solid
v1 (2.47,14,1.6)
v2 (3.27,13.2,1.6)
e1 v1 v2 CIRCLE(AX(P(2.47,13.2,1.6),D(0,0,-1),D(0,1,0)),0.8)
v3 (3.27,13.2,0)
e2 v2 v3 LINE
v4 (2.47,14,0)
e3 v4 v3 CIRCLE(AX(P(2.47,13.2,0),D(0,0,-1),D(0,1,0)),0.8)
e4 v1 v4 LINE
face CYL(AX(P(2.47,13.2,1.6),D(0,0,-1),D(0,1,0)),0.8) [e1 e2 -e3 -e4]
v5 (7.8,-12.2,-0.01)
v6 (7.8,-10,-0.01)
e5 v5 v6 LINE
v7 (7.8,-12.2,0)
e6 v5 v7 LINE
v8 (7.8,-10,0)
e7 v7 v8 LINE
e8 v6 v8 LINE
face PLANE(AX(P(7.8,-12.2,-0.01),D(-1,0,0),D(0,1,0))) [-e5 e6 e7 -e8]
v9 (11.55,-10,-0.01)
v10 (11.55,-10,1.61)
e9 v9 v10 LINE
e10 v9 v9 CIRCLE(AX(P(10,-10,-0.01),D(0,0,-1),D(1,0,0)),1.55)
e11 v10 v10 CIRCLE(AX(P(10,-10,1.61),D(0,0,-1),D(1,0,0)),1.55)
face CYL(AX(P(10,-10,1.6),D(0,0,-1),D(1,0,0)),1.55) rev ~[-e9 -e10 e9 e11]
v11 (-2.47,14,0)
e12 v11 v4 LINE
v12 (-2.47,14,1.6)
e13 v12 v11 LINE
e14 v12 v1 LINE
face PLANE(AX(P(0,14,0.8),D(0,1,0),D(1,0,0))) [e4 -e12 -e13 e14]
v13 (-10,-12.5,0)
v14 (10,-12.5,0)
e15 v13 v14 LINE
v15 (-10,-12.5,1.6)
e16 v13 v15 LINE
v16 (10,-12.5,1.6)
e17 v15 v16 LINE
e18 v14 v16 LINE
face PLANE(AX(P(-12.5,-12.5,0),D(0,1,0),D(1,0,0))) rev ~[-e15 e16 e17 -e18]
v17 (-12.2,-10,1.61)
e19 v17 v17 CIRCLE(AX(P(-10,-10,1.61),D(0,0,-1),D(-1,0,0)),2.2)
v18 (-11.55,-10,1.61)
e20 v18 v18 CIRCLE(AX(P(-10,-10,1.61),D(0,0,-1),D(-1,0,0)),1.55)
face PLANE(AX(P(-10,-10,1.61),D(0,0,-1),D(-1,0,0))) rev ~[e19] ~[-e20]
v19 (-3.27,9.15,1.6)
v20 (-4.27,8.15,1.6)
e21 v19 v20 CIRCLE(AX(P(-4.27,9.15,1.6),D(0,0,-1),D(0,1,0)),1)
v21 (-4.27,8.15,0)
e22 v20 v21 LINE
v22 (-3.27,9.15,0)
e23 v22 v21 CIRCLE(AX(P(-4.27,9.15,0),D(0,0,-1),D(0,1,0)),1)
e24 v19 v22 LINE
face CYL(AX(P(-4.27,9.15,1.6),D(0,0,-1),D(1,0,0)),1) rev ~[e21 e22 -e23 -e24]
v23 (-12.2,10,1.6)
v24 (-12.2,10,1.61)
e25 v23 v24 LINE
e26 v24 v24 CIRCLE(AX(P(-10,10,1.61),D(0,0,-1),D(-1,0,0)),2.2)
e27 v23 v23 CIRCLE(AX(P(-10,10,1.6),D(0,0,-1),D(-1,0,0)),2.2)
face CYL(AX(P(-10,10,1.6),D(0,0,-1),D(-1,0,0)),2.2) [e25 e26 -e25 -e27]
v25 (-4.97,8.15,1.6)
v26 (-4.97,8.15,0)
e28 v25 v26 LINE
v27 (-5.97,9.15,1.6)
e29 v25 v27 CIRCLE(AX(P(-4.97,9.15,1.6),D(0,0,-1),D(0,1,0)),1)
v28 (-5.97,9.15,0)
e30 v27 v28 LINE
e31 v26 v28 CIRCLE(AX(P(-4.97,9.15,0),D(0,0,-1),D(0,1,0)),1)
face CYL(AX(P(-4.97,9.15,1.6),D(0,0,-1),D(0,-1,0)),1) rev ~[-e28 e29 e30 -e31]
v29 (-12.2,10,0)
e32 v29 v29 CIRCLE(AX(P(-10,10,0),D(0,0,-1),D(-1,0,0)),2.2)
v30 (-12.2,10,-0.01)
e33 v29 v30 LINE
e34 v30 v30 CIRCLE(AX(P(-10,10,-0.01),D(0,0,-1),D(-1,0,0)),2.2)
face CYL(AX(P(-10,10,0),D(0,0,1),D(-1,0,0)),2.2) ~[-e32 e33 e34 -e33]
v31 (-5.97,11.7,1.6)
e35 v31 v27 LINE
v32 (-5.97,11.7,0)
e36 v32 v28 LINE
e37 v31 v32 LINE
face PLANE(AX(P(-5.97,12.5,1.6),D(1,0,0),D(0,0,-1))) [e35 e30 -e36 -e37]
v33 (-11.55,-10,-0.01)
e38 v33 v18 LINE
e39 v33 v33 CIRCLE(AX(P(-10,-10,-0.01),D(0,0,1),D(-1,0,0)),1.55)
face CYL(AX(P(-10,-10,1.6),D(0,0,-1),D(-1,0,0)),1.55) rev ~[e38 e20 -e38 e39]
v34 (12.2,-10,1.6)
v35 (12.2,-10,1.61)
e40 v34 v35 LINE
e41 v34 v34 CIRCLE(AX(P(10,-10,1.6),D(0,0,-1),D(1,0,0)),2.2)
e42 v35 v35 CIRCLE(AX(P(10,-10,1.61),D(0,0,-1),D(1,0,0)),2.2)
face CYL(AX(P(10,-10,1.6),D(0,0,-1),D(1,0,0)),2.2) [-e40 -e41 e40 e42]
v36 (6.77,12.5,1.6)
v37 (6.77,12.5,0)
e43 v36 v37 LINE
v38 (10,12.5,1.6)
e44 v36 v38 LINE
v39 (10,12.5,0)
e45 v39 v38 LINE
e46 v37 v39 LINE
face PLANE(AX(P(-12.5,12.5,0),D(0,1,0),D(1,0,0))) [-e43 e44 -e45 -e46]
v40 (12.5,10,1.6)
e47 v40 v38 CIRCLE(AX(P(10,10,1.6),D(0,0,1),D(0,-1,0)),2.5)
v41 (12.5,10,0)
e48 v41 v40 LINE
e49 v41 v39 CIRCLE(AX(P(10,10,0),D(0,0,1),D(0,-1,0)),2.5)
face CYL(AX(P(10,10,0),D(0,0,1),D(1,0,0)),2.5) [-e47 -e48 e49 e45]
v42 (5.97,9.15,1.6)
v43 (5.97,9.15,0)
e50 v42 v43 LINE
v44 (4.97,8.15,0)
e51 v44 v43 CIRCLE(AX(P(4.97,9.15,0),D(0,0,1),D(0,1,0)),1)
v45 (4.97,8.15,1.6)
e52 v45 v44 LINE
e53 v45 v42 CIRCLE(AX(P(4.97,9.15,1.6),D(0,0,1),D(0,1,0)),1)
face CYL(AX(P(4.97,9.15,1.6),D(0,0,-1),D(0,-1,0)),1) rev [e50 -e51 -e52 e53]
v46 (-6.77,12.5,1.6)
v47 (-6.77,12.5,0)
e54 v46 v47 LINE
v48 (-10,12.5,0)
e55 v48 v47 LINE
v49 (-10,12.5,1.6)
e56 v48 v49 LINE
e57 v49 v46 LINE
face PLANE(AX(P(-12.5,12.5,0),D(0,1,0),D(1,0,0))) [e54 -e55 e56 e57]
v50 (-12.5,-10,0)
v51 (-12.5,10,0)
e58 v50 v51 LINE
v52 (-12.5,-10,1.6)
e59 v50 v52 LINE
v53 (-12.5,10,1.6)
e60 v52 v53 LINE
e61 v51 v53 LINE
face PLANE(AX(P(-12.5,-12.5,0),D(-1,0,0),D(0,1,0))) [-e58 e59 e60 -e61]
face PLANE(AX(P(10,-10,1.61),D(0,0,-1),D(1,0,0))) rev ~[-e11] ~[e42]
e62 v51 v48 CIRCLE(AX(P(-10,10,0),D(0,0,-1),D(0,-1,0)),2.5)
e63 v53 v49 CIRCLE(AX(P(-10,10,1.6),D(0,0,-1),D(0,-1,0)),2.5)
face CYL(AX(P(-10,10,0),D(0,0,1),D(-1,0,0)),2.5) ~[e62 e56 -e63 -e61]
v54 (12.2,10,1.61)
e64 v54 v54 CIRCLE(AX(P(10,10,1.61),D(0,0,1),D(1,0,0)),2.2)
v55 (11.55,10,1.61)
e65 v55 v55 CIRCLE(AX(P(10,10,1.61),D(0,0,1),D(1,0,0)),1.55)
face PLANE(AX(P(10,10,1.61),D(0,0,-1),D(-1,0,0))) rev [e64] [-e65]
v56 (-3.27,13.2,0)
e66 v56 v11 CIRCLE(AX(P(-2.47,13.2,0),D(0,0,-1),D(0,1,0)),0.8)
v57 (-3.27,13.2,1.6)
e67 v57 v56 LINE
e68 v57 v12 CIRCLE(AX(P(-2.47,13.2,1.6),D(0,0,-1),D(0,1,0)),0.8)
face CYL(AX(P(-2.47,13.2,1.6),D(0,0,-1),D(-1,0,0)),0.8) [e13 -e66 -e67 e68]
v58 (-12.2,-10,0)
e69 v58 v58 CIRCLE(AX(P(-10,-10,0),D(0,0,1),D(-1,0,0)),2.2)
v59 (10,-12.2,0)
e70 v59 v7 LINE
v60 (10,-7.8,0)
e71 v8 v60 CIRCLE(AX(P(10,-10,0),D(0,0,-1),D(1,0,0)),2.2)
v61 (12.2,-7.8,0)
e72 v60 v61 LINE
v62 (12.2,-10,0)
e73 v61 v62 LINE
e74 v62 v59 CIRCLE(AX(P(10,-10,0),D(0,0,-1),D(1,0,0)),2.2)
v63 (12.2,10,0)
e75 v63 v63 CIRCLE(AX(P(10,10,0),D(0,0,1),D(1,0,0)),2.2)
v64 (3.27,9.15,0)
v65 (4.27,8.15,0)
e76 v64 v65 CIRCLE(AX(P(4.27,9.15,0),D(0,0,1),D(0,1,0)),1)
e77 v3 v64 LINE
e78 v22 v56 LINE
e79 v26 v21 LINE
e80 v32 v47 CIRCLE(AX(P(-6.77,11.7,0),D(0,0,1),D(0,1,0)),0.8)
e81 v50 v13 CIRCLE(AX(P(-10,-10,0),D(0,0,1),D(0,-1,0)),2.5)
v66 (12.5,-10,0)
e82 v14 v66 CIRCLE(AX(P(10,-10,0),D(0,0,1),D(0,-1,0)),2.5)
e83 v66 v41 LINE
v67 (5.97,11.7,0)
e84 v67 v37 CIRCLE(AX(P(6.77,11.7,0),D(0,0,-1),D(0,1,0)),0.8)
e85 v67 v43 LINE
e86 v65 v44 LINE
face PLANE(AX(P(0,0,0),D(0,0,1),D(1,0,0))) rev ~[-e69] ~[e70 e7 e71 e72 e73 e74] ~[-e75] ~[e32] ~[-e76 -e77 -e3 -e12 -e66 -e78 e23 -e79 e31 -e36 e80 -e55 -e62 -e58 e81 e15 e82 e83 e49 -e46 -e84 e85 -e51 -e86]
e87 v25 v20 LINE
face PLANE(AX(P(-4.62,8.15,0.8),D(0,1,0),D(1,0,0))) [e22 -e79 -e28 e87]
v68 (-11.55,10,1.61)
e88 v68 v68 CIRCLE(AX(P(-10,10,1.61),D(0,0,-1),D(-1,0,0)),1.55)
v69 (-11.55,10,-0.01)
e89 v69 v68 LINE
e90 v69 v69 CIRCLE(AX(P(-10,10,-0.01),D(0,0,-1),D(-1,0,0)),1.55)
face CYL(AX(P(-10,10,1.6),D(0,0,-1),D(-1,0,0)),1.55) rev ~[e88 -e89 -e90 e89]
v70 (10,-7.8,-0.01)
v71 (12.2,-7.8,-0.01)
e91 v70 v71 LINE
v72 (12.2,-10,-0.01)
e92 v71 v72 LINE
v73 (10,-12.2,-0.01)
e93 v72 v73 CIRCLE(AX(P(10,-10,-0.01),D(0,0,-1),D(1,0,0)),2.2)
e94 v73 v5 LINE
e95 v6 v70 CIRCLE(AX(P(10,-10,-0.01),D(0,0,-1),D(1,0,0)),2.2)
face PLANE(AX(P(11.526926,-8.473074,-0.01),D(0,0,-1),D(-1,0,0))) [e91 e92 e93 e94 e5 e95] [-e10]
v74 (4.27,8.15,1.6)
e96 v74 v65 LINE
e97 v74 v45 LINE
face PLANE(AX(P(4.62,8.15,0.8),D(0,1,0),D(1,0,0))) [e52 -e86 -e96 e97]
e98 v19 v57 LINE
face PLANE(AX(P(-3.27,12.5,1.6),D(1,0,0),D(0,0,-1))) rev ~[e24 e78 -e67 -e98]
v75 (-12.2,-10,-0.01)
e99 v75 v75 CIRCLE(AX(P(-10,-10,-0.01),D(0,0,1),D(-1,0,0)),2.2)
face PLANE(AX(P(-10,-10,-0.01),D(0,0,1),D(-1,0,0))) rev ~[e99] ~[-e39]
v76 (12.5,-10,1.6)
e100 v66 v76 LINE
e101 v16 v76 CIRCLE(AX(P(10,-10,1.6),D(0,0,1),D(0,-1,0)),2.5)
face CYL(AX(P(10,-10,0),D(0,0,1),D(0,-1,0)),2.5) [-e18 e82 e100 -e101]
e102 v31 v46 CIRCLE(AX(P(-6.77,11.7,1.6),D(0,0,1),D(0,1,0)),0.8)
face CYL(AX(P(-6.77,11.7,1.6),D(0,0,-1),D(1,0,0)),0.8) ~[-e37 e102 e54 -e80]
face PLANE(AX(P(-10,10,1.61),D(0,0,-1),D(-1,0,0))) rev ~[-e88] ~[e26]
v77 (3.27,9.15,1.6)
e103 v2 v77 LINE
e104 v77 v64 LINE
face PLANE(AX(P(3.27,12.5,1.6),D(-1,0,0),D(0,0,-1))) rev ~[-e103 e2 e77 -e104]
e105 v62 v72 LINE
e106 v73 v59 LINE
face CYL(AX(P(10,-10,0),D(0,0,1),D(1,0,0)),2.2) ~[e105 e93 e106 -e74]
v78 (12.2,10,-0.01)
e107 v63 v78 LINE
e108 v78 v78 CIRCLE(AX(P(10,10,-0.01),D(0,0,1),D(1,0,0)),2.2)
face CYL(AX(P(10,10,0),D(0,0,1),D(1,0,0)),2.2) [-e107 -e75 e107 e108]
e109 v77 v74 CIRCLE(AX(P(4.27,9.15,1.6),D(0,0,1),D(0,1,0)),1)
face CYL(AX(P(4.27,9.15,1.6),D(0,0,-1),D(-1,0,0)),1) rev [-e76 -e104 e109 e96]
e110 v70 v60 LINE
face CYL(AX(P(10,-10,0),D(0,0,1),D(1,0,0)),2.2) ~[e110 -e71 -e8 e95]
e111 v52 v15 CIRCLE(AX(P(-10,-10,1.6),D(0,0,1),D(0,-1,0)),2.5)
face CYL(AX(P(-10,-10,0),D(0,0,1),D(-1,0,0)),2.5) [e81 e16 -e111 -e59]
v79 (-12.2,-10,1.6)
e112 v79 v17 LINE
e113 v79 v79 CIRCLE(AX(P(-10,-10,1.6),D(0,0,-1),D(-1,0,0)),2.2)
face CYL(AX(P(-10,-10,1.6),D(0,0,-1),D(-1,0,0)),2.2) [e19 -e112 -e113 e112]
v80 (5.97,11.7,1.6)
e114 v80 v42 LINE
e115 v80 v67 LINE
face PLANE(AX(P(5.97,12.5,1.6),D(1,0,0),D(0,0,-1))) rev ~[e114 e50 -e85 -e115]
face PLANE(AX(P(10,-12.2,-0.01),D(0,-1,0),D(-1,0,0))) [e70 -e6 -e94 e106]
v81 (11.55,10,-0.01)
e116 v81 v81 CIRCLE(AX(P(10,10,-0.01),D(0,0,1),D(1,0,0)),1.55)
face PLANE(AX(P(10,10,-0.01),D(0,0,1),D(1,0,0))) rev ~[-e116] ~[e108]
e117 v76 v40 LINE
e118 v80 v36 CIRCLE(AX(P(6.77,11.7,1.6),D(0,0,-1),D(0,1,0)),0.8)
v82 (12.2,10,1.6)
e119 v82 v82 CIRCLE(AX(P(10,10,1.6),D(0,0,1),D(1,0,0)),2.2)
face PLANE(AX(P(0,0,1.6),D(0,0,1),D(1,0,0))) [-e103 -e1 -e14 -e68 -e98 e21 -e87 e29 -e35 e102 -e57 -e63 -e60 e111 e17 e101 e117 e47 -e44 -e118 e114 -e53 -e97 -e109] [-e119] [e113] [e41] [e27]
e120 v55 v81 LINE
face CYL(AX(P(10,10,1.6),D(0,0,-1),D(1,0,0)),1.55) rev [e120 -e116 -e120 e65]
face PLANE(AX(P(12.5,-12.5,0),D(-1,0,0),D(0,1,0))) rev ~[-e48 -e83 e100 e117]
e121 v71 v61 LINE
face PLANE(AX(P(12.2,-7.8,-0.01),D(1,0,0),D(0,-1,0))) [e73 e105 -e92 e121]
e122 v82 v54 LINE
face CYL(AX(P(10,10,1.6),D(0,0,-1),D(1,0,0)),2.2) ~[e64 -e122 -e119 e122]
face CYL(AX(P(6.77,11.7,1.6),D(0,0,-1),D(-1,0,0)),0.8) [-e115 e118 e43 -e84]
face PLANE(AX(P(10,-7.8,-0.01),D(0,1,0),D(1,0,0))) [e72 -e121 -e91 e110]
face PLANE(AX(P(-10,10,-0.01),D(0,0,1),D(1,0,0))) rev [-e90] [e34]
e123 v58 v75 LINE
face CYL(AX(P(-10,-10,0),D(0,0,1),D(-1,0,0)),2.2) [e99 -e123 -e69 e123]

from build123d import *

# Parameters (mm, degrees)
SKETCH2_W                                  = 25
SKETCH2_H                                  = 25
BOSS_EXTRUDE1_MODULE_PCB_DEPTH             = 1.6
FILLET1_CORNERS_R                          = 2.5
SKETCH3_R                                  = 1.55
CUT_EXTRUDE1_FIRST_MH_DEPTH                = 1.6
SKETCH4_R                                  = 2.2
SKETCH4_R_2                                = 1.55
BOSS_EXTRUDE2_PTH_FOR_FIRST_MH_DEPTH       = 0.01
MIRROR2_SECOND_MH_PTH_COPY_1_SKETCH_R      = 2.2
MIRROR2_SECOND_MH_PTH_COPY_1_SKETCH_R_2    = 1.55
MIRROR2_SECOND_MH_PTH_COPY_1_DEPTH         = 0.01
MIRROR3_REMAINING_MH_PTH_COPY_1_SKETC_R    = 1.55
MIRROR3_REMAINING_MH_PTH_COPY_1_DEPTH      = 1.6
MIRROR3_REMAINING_MH_PTH_COPY_2_SKETC_R    = 2.2
MIRROR3_REMAINING_MH_PTH_COPY_2_SKETC_R_2  = 1.55
MIRROR3_REMAINING_MH_PTH_COPY_2_DEPTH      = 0.01
MIRROR3_REMAINING_MH_PTH_COPY_3_SKETC_R    = 2.2
MIRROR3_REMAINING_MH_PTH_COPY_3_SKETC_R_2  = 1.55
MIRROR3_REMAINING_MH_PTH_COPY_3_DEPTH      = 0.01
MIRROR3_REMAINING_MH_PTH_COPY_4_SKETC_R    = 2.2
MIRROR3_REMAINING_MH_PTH_COPY_4_SKETC_R_2  = 1.55
MIRROR3_REMAINING_MH_PTH_COPY_4_DEPTH      = 0.01
BOSS_EXTRUDE1_REACH                        = 3.62
SKETCH5_W                                  = 6.54
SKETCH5_H                                  = 1.6
BOSS_EXTRUDE3_TIP_OF_EDGE_CONNECTOR_DEPTH  = 1.5
SKETCH6_W                                  = 2.7
SKETCH6_H                                  = 1.6
CUT_EXTRUDE2_SIDES_OF_EDGE_CONNECTOR_DEPTH = 4.35
FILLET2_TIP_OF_EDGE_CONNECTOR_R            = 0.8
FILLET3_BASE_OF_EDGE_CONNECTOR_R           = 1
FILLET4_ADJACENT_TO_EDGE_CONNECTOR_R       = 0.8


with BuildPart() as part:
    # Sketch2 → Boss-Extrude1 _module PCB (new body)
    with BuildSketch(Plane.XY):
        Rectangle(SKETCH2_W, SKETCH2_H)
    extrude(amount=BOSS_EXTRUDE1_MODULE_PCB_DEPTH)

    # Fillet1 _corners
    fillet1_corners_edges = [part.edges().sort_by_distance(p)[0] for p in [
        (12.5, -12.5, 0.8),
        (-12.5, -12.5, 0.8),
        (-12.5, 12.5, 0.8),
        (12.5, 12.5, 0.8),
    ]]
    fillet(fillet1_corners_edges, radius=FILLET1_CORNERS_R)

    # Sketch3 → Cut-Extrude1 _first MH (cut)
    with BuildSketch(Plane.XY):
        with Locations((10, 10)):
            Circle(SKETCH3_R)
    cut_extrude1_first_mh = extrude(amount=CUT_EXTRUDE1_FIRST_MH_DEPTH, mode=Mode.SUBTRACT)

    # Sketch4 → Boss-Extrude2 _PTH for first MH (add)
    with BuildSketch(Plane.XY):
        with Locations((10, 10)):
            Circle(SKETCH4_R)
        with Locations((10, 10)):
            Circle(SKETCH4_R_2, mode=Mode.SUBTRACT)
    boss_extrude2_pth_for_first_mh = extrude(amount=-BOSS_EXTRUDE2_PTH_FOR_FIRST_MH_DEPTH)

    # Mirror1 _PTH for first MH: Boss-Extrude2 _PTH for first MH across plane
    add(boss_extrude2_pth_for_first_mh.mirror(Plane.XY.offset(0.8)))

    # Mirror2 _second MH _ PTH: Cut-Extrude1 _first MH, Boss-Extrude2 _PTH for first MH across plane
    add(cut_extrude1_first_mh.mirror(Plane(origin=(0, 0, 0), x_dir=(0, 0, 1), z_dir=(1, 0, 0))), mode=Mode.SUBTRACT)
    add(boss_extrude2_pth_for_first_mh.mirror(Plane(origin=(0, 0, 0), x_dir=(0, 0, 1), z_dir=(1, 0, 0))))

    # Mirror2 _second MH _ PTH copy 1 sketch → Mirror2 _second MH _ PTH copy 1 (add)
    with BuildSketch(Plane(origin=(0, 0, 1.6), x_dir=(-1, 0, 0), z_dir=(0, 0, -1))):
        with Locations((10, 10)):
            Circle(MIRROR2_SECOND_MH_PTH_COPY_1_SKETCH_R)
        with Locations((10, 10)):
            Circle(MIRROR2_SECOND_MH_PTH_COPY_1_SKETCH_R_2, mode=Mode.SUBTRACT)
    extrude(amount=-MIRROR2_SECOND_MH_PTH_COPY_1_DEPTH)

    # Mirror3 _remaining MH _ PTH: Cut-Extrude1 _first MH, Boss-Extrude2 _PTH for first MH across plane
    add(cut_extrude1_first_mh.mirror(Plane.ZX), mode=Mode.SUBTRACT)
    add(boss_extrude2_pth_for_first_mh.mirror(Plane.ZX))

    # Mirror3 _remaining MH _ PTH copy 1 sketc → Mirror3 _remaining MH _ PTH copy 1 (cut)
    with BuildSketch(Plane(origin=(0, 0, 0), x_dir=(-1, 0, 0), z_dir=(0, 0, 1))):
        with Locations((10, 10)):
            Circle(MIRROR3_REMAINING_MH_PTH_COPY_1_SKETC_R)
    extrude(amount=MIRROR3_REMAINING_MH_PTH_COPY_1_DEPTH, mode=Mode.SUBTRACT)

    # Mirror3 _remaining MH _ PTH copy 2 sketc → Mirror3 _remaining MH _ PTH copy 2 (add)
    with BuildSketch(Plane(origin=(0, 0, 0), x_dir=(-1, 0, 0), z_dir=(0, 0, 1))):
        with Locations((10, 10)):
            Circle(MIRROR3_REMAINING_MH_PTH_COPY_2_SKETC_R)
        with Locations((10, 10)):
            Circle(MIRROR3_REMAINING_MH_PTH_COPY_2_SKETC_R_2, mode=Mode.SUBTRACT)
    extrude(amount=-MIRROR3_REMAINING_MH_PTH_COPY_2_DEPTH)

    # Mirror3 _remaining MH _ PTH copy 3 sketc → Mirror3 _remaining MH _ PTH copy 3 (add)
    with BuildSketch(Plane(origin=(0, 0, 1.6), x_dir=(-1, 0, 0), z_dir=(0, 0, -1))):
        with Locations((10, -10)):
            Circle(MIRROR3_REMAINING_MH_PTH_COPY_3_SKETC_R)
        with Locations((10, -10)):
            Circle(MIRROR3_REMAINING_MH_PTH_COPY_3_SKETC_R_2, mode=Mode.SUBTRACT)
    extrude(amount=-MIRROR3_REMAINING_MH_PTH_COPY_3_DEPTH)

    # Mirror3 _remaining MH _ PTH copy 4 sketc → Mirror3 _remaining MH _ PTH copy 4 (add)
    with BuildSketch(Plane(origin=(0, 0, 1.6), x_dir=(1, 0, 0), z_dir=(0, 0, -1))):
        with Locations((10, 10)):
            Circle(MIRROR3_REMAINING_MH_PTH_COPY_4_SKETC_R)
        with Locations((10, 10)):
            Circle(MIRROR3_REMAINING_MH_PTH_COPY_4_SKETC_R_2, mode=Mode.SUBTRACT)
    extrude(amount=-MIRROR3_REMAINING_MH_PTH_COPY_4_DEPTH)

    # Sketch7 → Boss-Extrude1 (add, up to next)
    with BuildSketch(Plane(origin=(0, 0, -0.01), x_dir=(-1, 0, 0), z_dir=(0, 0, -1)), mode=Mode.PRIVATE) as boss_extrude1_sk1:
        with BuildLine():
            Line((-10, -7.8), (-12.2, -7.8))
            Line((-12.2, -7.8), (-12.2, -10))
            ThreePointArc((-12.2, -10), (-11.555634919, -8.444365081), (-10, -7.8))
        make_face()
    boss_extrude1_tool1 = extrude(boss_extrude1_sk1.sketch, amount=-BOSS_EXTRUDE1_REACH, mode=Mode.PRIVATE) - part.part
    add(boss_extrude1_tool1.solids().sort_by_distance((11.708591, -8.291409, -0.01))[0])
    # Sketch7 → Boss-Extrude1 (add, up to next)
    with BuildSketch(Plane(origin=(0, 0, -0.01), x_dir=(-1, 0, 0), z_dir=(0, 0, -1)), mode=Mode.PRIVATE) as boss_extrude1_sk2:
        with BuildLine():
            Line((-10, -12.2), (-7.8, -12.2))
            Line((-7.8, -12.2), (-7.8, -10))
            ThreePointArc((-7.8, -10), (-8.444365081, -11.555634919), (-10, -12.2))
        make_face()
    boss_extrude1_tool2 = extrude(boss_extrude1_sk2.sketch, amount=-BOSS_EXTRUDE1_REACH, mode=Mode.PRIVATE) - part.part
    add(boss_extrude1_tool2.solids().sort_by_distance((8.291409, -11.708591, -0.01))[0])

    # Sketch5 → Boss-Extrude3 _tip of edge connector (add)
    with BuildSketch(Plane(origin=(0, 12.5, 0), x_dir=(1, 0, 0), z_dir=(0, 1, 0))):
        with Locations((0, -0.8)):
            Rectangle(SKETCH5_W, SKETCH5_H)
    extrude(amount=BOSS_EXTRUDE3_TIP_OF_EDGE_CONNECTOR_DEPTH)

    # Sketch6 → Cut-Extrude2 _sides of edge connector (cut)
    with BuildSketch(Plane(origin=(0, 12.5, 0), x_dir=(1, 0, 0), z_dir=(0, 1, 0))):
        with Locations((-4.62, -0.8)):
            Rectangle(SKETCH6_W, SKETCH6_H)
        with Locations((4.62, -0.8)):
            Rectangle(SKETCH6_W, SKETCH6_H)
    extrude(amount=-CUT_EXTRUDE2_SIDES_OF_EDGE_CONNECTOR_DEPTH, mode=Mode.SUBTRACT)

    # Fillet2 _tip of edge connector
    fillet2_tip_of_edge_connector_edges = [part.edges().sort_by_distance(p)[0] for p in [
        (3.27, 14, 0.8),
        (-3.27, 14, 0.8),
    ]]
    fillet(fillet2_tip_of_edge_connector_edges, radius=FILLET2_TIP_OF_EDGE_CONNECTOR_R)

    # Fillet3 _base of edge connector
    fillet3_base_of_edge_connector_edges = [part.edges().sort_by_distance(p)[0] for p in [
        (-3.27, 8.15, 0.8),
        (-5.97, 8.15, 0.8),
        (3.27, 8.15, 0.8),
        (5.97, 8.15, 0.8),
    ]]
    fillet(fillet3_base_of_edge_connector_edges, radius=FILLET3_BASE_OF_EDGE_CONNECTOR_R)

    # Fillet4 _adjacent to edge connector
    fillet4_adjacent_to_edge_connector_edges = [part.edges().sort_by_distance(p)[0] for p in [
        (-5.97, 12.5, 0.8),
        (5.97, 12.5, 0.8),
    ]]
    fillet(fillet4_adjacent_to_edge_connector_edges, radius=FILLET4_ADJACENT_TO_EDGE_CONNECTOR_R)


solid = part.part
